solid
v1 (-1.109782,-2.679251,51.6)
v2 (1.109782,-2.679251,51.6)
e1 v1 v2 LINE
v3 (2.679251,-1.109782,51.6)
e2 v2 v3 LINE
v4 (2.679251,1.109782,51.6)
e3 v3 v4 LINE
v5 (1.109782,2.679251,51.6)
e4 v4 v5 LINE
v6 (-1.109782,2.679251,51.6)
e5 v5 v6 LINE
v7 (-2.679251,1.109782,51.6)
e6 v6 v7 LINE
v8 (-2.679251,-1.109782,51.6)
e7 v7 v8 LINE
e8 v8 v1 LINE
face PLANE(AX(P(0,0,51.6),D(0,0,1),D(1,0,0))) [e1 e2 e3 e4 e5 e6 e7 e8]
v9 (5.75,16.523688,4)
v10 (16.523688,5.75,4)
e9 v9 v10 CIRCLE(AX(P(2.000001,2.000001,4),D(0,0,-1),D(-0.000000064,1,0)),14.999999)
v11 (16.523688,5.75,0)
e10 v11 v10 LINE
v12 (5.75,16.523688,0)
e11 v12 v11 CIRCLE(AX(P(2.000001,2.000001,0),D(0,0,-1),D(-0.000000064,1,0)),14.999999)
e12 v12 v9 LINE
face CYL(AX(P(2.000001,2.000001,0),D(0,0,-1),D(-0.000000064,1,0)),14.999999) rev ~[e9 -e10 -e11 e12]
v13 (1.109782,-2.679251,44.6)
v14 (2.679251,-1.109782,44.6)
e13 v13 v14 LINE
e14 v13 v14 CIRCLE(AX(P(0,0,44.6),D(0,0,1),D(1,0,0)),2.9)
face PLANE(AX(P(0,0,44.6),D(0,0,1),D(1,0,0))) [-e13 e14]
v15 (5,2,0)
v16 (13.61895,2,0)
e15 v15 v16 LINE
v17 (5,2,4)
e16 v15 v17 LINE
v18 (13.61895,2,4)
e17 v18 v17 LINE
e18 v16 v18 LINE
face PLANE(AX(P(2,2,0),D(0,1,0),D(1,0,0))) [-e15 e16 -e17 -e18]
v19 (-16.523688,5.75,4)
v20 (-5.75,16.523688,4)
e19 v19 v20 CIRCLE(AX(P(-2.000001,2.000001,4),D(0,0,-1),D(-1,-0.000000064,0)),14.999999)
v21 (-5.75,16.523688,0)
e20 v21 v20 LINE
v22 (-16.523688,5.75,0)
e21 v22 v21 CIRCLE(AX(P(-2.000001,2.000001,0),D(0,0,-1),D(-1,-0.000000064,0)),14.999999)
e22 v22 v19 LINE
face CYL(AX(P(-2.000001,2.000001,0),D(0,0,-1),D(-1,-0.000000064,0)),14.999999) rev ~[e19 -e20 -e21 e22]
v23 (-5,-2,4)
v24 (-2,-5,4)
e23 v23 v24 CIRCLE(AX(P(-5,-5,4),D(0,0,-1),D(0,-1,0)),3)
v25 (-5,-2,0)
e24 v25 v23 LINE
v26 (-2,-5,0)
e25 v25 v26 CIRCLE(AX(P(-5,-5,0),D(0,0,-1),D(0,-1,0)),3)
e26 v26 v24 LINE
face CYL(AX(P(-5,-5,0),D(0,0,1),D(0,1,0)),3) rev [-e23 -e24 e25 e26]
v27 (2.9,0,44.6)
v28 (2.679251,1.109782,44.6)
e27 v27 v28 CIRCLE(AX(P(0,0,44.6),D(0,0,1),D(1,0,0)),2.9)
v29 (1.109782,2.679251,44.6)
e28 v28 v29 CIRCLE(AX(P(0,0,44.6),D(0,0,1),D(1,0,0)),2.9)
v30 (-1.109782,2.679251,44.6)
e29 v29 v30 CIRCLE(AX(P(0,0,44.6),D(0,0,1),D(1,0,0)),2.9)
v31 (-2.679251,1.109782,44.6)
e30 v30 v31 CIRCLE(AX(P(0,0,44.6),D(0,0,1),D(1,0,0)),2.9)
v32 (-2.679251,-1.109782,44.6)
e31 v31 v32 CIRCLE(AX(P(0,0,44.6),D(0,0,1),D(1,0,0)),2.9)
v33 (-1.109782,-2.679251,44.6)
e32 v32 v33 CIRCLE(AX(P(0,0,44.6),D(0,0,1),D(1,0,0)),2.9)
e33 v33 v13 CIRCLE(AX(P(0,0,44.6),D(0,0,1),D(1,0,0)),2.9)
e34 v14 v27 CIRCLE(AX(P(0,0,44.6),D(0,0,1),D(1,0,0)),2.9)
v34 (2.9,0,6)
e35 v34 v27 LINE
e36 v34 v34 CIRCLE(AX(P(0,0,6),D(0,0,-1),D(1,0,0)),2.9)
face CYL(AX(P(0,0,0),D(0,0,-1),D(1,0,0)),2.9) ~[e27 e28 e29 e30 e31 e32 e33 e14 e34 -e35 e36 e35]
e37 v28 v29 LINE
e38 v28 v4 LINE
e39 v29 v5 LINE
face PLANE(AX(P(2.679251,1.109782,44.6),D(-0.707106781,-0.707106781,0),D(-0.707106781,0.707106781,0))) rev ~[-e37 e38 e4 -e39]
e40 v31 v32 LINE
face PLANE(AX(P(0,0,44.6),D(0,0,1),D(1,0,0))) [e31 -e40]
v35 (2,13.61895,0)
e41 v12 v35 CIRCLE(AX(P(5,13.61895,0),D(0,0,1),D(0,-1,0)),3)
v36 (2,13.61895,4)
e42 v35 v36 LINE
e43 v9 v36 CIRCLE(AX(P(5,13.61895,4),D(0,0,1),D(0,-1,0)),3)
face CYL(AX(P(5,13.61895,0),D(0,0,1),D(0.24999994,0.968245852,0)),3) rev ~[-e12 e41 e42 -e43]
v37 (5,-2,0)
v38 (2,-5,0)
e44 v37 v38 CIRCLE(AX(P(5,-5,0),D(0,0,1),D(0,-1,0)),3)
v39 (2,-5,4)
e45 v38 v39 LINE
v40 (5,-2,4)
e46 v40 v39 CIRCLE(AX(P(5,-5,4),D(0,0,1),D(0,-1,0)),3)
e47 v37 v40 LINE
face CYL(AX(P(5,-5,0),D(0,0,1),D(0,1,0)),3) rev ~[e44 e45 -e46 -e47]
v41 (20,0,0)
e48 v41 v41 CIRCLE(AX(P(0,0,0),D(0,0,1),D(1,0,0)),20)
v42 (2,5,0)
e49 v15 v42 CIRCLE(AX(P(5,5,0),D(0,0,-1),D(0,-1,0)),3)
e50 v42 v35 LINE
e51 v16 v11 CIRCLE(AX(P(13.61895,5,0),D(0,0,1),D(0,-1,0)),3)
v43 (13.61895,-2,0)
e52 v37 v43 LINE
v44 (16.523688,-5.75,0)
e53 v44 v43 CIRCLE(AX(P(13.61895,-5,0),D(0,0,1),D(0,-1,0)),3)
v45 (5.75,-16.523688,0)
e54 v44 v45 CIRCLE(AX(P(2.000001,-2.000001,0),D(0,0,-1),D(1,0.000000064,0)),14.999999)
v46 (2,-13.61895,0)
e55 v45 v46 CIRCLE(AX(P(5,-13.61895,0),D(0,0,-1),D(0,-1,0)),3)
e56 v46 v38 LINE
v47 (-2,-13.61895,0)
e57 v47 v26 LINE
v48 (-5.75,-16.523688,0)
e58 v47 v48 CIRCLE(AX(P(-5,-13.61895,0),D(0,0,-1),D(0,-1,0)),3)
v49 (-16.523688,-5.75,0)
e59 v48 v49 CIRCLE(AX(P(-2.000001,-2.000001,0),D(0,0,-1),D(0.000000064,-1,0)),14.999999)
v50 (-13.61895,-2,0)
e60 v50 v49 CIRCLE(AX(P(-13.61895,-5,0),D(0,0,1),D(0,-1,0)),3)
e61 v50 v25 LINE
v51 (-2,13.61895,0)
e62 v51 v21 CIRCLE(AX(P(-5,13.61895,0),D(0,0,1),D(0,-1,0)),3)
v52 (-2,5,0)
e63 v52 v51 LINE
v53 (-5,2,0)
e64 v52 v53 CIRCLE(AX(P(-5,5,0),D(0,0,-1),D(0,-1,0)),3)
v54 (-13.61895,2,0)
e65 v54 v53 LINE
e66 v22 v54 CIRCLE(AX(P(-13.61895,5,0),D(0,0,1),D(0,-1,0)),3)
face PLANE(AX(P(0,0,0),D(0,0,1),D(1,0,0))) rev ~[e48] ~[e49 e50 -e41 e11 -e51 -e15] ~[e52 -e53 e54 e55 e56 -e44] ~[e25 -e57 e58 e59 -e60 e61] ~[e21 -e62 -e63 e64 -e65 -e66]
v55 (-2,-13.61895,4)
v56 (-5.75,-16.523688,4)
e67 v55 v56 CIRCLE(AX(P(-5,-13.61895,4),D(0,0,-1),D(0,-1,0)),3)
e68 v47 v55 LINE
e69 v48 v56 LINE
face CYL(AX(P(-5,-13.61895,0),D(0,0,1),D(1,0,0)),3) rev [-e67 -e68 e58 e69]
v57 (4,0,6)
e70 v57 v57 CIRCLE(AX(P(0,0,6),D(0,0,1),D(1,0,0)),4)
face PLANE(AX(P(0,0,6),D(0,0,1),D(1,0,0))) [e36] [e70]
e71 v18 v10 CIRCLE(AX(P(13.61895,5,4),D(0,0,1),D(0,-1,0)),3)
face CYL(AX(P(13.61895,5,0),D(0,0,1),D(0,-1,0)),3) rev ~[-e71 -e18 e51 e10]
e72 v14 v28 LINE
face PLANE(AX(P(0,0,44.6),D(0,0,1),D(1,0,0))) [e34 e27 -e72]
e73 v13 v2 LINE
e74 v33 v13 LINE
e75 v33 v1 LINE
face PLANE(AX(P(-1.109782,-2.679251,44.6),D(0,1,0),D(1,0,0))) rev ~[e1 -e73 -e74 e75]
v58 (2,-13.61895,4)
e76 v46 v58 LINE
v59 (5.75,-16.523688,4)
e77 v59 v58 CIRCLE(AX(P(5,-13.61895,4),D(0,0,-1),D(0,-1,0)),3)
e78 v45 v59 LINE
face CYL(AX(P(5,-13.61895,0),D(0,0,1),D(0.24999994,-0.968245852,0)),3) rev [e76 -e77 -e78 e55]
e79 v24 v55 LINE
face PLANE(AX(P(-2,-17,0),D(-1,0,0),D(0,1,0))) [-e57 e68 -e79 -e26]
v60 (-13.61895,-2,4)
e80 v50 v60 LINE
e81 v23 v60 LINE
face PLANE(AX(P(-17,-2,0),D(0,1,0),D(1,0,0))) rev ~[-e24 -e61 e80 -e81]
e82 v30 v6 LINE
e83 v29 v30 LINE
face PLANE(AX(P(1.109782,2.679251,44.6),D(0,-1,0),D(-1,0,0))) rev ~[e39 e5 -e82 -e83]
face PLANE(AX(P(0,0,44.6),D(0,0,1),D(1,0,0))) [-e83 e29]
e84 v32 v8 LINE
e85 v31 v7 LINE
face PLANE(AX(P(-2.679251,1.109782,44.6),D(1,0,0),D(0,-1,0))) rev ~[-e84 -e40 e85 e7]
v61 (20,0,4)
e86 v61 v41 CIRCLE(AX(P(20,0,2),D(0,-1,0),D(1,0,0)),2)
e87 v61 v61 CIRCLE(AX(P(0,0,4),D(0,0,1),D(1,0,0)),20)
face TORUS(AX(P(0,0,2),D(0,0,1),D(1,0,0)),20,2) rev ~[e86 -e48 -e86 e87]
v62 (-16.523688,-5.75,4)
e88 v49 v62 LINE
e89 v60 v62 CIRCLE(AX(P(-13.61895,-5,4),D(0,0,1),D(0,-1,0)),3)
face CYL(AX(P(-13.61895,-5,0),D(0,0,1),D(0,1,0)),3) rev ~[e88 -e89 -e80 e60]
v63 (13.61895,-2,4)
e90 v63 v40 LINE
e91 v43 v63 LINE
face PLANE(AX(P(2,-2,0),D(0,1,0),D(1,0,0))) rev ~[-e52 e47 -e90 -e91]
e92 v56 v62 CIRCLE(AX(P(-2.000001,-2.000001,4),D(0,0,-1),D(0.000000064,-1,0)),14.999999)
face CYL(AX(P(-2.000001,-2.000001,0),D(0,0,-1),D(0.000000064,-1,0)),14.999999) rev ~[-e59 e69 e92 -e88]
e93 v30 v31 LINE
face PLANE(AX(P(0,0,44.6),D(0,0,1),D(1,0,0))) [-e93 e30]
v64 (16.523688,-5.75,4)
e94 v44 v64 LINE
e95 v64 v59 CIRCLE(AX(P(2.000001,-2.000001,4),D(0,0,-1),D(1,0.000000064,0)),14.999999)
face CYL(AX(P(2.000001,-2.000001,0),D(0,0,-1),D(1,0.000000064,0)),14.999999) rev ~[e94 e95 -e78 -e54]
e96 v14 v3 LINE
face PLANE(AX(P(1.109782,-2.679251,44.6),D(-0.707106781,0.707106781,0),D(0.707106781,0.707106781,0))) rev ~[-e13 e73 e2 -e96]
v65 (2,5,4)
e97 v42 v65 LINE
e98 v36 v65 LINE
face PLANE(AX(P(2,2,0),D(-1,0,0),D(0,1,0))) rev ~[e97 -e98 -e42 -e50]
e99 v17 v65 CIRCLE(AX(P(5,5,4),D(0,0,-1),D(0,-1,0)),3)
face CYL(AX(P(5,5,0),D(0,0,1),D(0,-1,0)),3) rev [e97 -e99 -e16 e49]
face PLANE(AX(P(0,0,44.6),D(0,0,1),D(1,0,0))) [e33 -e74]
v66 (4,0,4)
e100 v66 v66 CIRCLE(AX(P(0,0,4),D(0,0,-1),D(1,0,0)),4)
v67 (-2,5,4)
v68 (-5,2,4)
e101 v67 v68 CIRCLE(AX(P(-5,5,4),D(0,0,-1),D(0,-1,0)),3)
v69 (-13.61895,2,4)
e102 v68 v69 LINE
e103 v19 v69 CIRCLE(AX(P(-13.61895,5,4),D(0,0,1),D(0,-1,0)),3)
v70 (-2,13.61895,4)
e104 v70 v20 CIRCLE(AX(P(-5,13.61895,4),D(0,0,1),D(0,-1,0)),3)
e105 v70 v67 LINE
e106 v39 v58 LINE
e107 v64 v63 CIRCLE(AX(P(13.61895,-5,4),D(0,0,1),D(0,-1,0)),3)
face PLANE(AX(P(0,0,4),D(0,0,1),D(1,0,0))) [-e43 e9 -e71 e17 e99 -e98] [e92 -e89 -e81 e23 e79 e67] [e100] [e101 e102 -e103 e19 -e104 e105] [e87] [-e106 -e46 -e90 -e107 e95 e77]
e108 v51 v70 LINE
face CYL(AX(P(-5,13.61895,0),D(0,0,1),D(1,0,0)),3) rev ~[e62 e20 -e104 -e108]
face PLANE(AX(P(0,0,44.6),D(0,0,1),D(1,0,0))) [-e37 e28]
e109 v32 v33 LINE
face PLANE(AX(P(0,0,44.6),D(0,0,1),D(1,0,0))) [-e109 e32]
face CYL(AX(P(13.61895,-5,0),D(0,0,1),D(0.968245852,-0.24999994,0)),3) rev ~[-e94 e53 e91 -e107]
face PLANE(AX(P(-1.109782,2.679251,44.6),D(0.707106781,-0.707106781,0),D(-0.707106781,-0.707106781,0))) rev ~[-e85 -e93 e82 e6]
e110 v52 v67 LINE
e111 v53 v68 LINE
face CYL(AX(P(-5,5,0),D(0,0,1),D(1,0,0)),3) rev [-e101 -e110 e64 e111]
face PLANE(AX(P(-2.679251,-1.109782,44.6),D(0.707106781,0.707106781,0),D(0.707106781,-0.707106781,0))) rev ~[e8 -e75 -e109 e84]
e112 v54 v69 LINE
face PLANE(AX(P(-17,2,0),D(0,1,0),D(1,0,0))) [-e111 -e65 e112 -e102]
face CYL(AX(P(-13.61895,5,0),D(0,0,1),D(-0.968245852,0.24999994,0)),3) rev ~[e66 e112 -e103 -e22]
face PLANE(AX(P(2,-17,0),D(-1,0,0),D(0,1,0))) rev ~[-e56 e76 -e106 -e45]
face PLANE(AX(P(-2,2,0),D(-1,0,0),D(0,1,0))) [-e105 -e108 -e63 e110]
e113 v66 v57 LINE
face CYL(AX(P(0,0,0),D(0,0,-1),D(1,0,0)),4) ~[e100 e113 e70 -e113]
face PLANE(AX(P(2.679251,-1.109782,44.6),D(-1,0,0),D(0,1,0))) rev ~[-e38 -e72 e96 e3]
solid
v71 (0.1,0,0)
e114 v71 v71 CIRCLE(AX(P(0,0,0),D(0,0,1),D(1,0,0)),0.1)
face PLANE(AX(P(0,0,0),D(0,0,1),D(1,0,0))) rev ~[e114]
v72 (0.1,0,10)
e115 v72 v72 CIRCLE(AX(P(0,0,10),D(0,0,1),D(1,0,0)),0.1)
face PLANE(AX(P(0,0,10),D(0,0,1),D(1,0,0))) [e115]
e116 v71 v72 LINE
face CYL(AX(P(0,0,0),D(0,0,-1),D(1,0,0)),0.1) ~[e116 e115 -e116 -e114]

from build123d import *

# Parameters (mm, degrees)
CYLINDER001_R     = 0.1
CYLINDER001_DEPTH = 10
CYLINDER002_R     = 2.9
CYLINDER002_DEPTH = 44.6
CYLINDER003_R     = 4
CYLINDER003_DEPTH = 6
TORUS_R           = 2
CYLINDER_R        = 20
CYLINDER_DEPTH    = 4
POCKET_DEPTH      = 4.001
FILLET_R          = 3
FILLET001_R       = 3
FILLET002_R       = 3
POCKET001_DEPTH   = 5
PAD_DEPTH         = 7


with BuildPart() as cylinder001:
    # Cylinder001 → Cylinder001 (new body)
    with BuildSketch(Plane.XY):
        Circle(CYLINDER001_R)
    extrude(amount=CYLINDER001_DEPTH)


with BuildPart() as cylinder002:
    # Cylinder002 → Cylinder002 (new body)
    with BuildSketch(Plane.XY):
        Circle(CYLINDER002_R)
    extrude(amount=CYLINDER002_DEPTH)


with BuildPart() as cylinder003:
    # Cylinder003 → Cylinder003 (new body)
    with BuildSketch(Plane.XY):
        Circle(CYLINDER003_R)
    extrude(amount=CYLINDER003_DEPTH)


with BuildPart() as torus:
    # Torus → Torus (revolve)
    with BuildSketch(Plane(origin=(0, 0, 2), x_dir=(1, 0, 0), z_dir=(0, -1, 0))):
        with Locations((20, 0)):
            Circle(TORUS_R)
    revolve(axis=Axis((0, 0, 2), (0, 0, 1)))


with BuildPart() as body002:
    # Cylinder → Cylinder (new body)
    with BuildSketch(Plane.XY):
        Circle(CYLINDER_R)
    extrude(amount=CYLINDER_DEPTH)

    # Sketch001 (on DatumPlane) → Pocket (cut, through all)
    with BuildSketch(Plane(origin=(0, 0, 0), x_dir=(1, 0, 0), z_dir=(0, 0, -1))):
        with BuildLine():
            Line((2, 17), (2, 2))
            Line((2, 2), (17, 2))
            ThreePointArc((17, 2), (12.606602, 12.606602), (2, 17))
        make_face()
        with BuildLine():
            Line((-2, 17), (-2, 2))
            Line((-17, 2), (-2, 2))
            ThreePointArc((-2, 17), (-12.606602, 12.606602), (-17, 2))
        make_face()
        with BuildLine():
            Line((2, -2), (17, -2))
            ThreePointArc((2, -17), (12.606602, -12.606602), (17, -2))
            Line((2, -2), (2, -17))
        make_face()
        with BuildLine():
            Line((-2, -2), (-2, -17))
            ThreePointArc((-17, -2), (-12.606602, -12.606602), (-2, -17))
            Line((-17, -2), (-2, -2))
        make_face()
    extrude(amount=-POCKET_DEPTH, mode=Mode.SUBTRACT)

    # Fillet
    fillet_edges = [body002.edges().sort_by_distance(p)[0] for p in [
        (-2, -17, 2),
    ]]
    fillet(fillet_edges, radius=FILLET_R)

    # Fillet001
    fillet001_edges = [body002.edges().sort_by_distance(p)[0] for p in [
        (-17, 2, 2),
        (2, -17, 2),
        (17, -2, 2),
        (-17, -2, 2),
        (-2, 17, 2),
        (2, 17, 2),
        (17, 2, 2),
    ]]
    fillet(fillet001_edges, radius=FILLET001_R)

    # Fillet002
    fillet002_edges = [body002.edges().sort_by_distance(p)[0] for p in [
        (2, -2, 2),
        (2, 2, 2),
        (-2, 2, 2),
        (-2, -2, 2),
    ]]
    fillet(fillet002_edges, radius=FILLET002_R)

    # Cut: cut Torus
    add(torus.part, mode=Mode.SUBTRACT)

    # Sketch (on DatumPlane) → Pocket001 (cut)
    with BuildSketch(Plane(origin=(0, 0, 0), x_dir=(1, 0, 0), z_dir=(0, 0, -1))):
        Polygon((1.109782, -2.679251), (2.679251, -1.109782), (2.679251, 1.109782), (1.109782, 2.679251), (-1.109782, 2.679251), (-2.679251, 1.109782), (-2.679251, -1.109782), (-1.109782, -2.679251), align=None)
    extrude(amount=-POCKET001_DEPTH, mode=Mode.SUBTRACT)

    # Fusion: union Cylinder002, Cylinder003
    add(cylinder002.part)
    add(cylinder003.part)

    # Sketch002 (on DatumPlane) → Pad (new body)
    with BuildSketch(Plane.XY.offset(44.6)):
        Polygon((2.679251, 1.109782), (1.109782, 2.679251), (-1.109782, 2.679251), (-2.679251, 1.109782), (-2.679251, -1.109782), (-1.109782, -2.679251), (1.109782, -2.679251), (2.679251, -1.109782), align=None)
    extrude(amount=PAD_DEPTH)


solid = Compound([cylinder001.part, body002.part])
